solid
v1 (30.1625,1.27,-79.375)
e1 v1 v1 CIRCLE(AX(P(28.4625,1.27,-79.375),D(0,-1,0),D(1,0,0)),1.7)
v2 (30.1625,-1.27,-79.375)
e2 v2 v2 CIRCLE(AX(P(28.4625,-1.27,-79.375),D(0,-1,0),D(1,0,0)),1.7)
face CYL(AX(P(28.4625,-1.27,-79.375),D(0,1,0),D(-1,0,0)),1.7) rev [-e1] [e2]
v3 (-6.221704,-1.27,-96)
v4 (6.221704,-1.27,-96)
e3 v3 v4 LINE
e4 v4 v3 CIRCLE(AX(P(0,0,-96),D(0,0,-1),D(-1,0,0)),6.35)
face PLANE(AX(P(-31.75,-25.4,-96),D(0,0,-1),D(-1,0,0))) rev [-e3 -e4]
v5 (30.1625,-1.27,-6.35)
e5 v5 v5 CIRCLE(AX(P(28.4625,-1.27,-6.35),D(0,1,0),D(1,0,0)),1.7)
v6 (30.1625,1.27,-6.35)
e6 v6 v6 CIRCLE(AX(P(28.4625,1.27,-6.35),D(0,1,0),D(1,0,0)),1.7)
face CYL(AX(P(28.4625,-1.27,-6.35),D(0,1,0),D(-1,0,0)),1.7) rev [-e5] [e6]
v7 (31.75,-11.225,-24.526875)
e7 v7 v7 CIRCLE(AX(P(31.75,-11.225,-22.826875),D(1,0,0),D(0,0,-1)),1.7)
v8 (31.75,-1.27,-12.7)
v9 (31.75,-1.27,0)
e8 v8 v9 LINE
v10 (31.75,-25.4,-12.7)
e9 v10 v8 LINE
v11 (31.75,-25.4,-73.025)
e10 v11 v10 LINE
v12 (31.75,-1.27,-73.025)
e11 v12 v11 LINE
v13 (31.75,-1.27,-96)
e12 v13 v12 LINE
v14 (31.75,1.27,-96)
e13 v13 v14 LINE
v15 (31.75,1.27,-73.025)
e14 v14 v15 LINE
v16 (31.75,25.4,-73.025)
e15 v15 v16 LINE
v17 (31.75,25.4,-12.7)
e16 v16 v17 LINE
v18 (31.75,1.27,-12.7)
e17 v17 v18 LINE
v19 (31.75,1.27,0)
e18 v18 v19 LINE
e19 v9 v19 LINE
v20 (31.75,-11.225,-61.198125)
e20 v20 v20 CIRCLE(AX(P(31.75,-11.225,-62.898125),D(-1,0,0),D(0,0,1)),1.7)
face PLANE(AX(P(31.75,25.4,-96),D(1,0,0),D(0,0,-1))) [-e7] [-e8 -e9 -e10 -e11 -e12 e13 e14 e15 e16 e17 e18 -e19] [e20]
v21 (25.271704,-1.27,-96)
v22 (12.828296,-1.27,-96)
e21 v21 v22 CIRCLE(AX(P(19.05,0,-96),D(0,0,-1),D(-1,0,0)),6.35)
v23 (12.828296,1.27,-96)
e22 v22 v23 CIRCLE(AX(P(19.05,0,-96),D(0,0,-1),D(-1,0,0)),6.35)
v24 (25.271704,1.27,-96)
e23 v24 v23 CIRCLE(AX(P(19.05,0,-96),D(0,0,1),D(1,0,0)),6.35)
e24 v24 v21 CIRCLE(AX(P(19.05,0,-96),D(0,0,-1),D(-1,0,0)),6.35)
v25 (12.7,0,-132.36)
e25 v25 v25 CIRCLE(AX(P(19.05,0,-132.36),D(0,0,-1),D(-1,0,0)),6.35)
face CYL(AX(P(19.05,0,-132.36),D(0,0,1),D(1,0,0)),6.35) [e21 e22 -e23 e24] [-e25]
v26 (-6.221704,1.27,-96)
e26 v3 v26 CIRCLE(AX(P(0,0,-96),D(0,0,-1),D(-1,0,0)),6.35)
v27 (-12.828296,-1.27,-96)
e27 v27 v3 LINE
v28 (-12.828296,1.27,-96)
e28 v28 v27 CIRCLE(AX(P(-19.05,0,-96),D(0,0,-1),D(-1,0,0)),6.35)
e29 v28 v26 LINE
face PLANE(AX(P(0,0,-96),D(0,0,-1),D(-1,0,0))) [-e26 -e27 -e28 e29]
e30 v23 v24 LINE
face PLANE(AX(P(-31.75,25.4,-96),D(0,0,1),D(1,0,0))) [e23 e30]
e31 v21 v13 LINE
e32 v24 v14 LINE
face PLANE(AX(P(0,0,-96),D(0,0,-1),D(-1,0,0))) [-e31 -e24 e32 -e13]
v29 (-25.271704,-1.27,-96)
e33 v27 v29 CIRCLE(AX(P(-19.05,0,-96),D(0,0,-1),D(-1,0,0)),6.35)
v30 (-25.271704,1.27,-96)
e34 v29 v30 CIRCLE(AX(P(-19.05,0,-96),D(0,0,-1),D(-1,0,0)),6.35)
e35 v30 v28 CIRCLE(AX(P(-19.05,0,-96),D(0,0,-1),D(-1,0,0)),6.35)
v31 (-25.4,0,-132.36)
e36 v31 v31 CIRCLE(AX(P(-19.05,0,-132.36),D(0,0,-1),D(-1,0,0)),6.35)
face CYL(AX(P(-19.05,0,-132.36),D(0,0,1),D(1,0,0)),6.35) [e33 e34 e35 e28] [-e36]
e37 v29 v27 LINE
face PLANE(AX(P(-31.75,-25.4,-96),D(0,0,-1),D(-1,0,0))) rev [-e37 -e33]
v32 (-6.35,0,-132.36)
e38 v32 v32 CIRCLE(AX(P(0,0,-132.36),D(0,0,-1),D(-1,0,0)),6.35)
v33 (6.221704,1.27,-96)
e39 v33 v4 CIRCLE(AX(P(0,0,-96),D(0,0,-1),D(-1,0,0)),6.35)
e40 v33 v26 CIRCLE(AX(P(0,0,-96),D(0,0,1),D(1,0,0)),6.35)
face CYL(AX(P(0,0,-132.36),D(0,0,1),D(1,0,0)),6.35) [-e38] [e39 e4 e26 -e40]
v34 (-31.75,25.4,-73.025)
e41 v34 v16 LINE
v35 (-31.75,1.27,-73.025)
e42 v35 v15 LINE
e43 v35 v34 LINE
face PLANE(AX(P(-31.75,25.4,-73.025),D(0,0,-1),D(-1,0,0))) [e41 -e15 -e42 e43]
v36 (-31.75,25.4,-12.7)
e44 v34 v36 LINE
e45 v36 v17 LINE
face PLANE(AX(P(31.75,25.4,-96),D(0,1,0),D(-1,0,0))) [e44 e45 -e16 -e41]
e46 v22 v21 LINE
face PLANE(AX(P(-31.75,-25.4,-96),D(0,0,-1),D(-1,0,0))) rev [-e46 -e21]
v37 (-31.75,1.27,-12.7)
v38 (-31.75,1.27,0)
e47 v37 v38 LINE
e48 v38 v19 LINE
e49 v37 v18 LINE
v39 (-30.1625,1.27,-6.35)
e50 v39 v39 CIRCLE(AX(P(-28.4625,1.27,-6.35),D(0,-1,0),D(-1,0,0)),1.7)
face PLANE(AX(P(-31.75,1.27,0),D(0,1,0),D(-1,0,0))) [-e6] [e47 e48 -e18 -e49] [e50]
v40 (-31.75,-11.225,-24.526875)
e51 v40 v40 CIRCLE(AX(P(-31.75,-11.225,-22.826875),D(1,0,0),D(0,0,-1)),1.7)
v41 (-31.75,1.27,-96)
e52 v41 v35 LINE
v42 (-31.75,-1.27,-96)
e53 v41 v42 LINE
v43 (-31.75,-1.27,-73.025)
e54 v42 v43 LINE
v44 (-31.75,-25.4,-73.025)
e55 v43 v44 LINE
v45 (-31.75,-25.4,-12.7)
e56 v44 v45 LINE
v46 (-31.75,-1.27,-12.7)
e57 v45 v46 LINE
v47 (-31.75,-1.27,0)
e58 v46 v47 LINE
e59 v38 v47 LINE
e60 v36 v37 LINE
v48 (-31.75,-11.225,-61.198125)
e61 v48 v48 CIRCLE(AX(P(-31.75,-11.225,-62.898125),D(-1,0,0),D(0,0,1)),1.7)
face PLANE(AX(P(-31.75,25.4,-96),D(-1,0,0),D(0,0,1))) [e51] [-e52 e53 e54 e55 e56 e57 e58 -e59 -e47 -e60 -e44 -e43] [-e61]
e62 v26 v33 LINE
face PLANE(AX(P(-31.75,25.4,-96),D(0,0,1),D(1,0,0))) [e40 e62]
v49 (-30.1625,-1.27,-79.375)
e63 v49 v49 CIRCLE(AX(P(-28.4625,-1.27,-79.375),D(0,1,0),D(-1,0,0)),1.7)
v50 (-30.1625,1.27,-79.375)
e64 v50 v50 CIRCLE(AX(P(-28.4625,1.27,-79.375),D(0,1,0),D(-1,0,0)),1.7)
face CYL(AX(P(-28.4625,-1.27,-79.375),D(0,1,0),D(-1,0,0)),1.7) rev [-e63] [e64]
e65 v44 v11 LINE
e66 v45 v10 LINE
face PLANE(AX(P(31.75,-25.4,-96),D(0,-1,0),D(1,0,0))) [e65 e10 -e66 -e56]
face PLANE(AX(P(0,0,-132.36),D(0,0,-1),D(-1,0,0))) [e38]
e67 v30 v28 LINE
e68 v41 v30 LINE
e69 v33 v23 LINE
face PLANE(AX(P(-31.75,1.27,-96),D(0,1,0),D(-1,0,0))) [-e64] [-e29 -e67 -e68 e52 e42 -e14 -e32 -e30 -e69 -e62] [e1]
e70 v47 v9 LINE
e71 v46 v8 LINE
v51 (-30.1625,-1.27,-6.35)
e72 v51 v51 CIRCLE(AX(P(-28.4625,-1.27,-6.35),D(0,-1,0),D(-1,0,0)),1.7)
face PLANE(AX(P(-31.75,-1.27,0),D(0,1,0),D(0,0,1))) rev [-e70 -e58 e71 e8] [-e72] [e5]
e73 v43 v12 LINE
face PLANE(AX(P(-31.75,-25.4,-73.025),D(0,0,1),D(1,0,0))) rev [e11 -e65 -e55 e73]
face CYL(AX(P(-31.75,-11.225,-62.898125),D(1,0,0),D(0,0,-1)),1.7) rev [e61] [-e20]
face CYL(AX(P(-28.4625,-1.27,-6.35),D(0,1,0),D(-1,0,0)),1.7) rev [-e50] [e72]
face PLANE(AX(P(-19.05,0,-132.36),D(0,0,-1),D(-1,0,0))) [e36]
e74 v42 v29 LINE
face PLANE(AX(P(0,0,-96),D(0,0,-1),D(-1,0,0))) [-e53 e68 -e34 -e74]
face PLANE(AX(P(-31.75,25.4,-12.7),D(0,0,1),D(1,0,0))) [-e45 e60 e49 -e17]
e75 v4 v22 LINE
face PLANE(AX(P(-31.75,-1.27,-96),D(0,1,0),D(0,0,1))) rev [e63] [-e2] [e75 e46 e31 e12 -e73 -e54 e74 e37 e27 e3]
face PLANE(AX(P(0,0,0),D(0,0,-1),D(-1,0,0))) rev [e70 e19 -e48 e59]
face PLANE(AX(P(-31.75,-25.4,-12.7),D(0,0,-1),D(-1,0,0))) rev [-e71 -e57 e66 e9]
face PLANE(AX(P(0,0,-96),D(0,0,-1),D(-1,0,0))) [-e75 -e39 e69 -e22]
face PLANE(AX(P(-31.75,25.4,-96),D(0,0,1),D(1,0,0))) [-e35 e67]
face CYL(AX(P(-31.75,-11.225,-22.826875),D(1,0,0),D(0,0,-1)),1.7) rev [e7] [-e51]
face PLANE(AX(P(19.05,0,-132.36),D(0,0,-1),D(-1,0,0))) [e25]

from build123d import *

# Parameters (mm, degrees)
SKETCH1_W               = 63.5
SKETCH1_H               = 50.8
BOSS_EXTRUDE1_DEPTH     = 96
SKETCH2_R               = 6.35
BOSS_EXTRUDE5_DEPTH     = 36.36
SKETCH3_W               = 12.7
SKETCH3_H               = 24.13
SKETCH3_W_2             = 22.975
CUT_EXTRUDE1_DEPTH      = 64.5
SKETCH4_R               = 1.7
CUT_EXTRUDE2_DEPTH      = 2.54
MIRROR3_COPY_1_SKETCH_R = 1.7
MIRROR3_COPY_1_DEPTH    = 2.54
SKETCH5_R               = 1.7
CUT_EXTRUDE3_DEPTH      = 64.5


with BuildPart() as part:
    # Sketch1 → Boss-Extrude1 (new body)
    with BuildSketch(Plane.XY):
        Rectangle(SKETCH1_W, SKETCH1_H)
    extrude(amount=-BOSS_EXTRUDE1_DEPTH)

    # Sketch2 → Boss-Extrude5 (add)
    with BuildSketch(Plane(origin=(0, 0, -96), x_dir=(-1, 0, 0), z_dir=(0, 0, -1))):
        Circle(SKETCH2_R)
        with Locations((-19.05, 0)):
            Circle(SKETCH2_R)
        with Locations((19.05, 0)):
            Circle(SKETCH2_R)
    extrude(amount=BOSS_EXTRUDE5_DEPTH)

    # Sketch3 → Cut-Extrude1 (cut, through all)
    with BuildSketch(Plane(origin=(31.75, 0, 0), x_dir=(0, 0, -1), z_dir=(1, 0, 0))):
        with Locations((6.35, -13.335)):
            Rectangle(SKETCH3_W, SKETCH3_H)
        with Locations((84.5125, -13.335)):
            Rectangle(SKETCH3_W_2, SKETCH3_H)
    cut_extrude1 = extrude(amount=-CUT_EXTRUDE1_DEPTH, mode=Mode.SUBTRACT)

    # Mirror1: Cut-Extrude1 across plane
    add(cut_extrude1.mirror(Plane.ZX), mode=Mode.SUBTRACT)

    # Sketch4 → Cut-Extrude2 (cut)
    with BuildSketch(Plane(origin=(0, 1.27, 0), x_dir=(1, 0, 0), z_dir=(0, 1, 0))):
        with Locations((-28.4625, 79.375)):
            Circle(SKETCH4_R)
    cut_extrude2 = extrude(amount=-CUT_EXTRUDE2_DEPTH, mode=Mode.SUBTRACT)

    # Mirror2: Cut-Extrude2 across plane
    add(cut_extrude2.mirror(Plane(origin=(0, 0, 0), x_dir=(0, 0, 1), z_dir=(1, 0, 0))), mode=Mode.SUBTRACT)

    # Mirror3: Cut-Extrude2 across plane
    add(cut_extrude2.mirror(Plane(origin=(0, 0, -42.8625), x_dir=(1, 0, 0), z_dir=(0, 0, -1))), mode=Mode.SUBTRACT)

    # Mirror3 copy 1 sketch → Mirror3 copy 1 (cut)
    with BuildSketch(Plane(origin=(0, 1.27, -85.725), x_dir=(-1, 0, 0), z_dir=(0, 1, 0))):
        with Locations((-28.4625, 79.375)):
            Circle(MIRROR3_COPY_1_SKETCH_R)
    extrude(amount=-MIRROR3_COPY_1_DEPTH, mode=Mode.SUBTRACT)

    # Sketch5 → Cut-Extrude3 (cut, through all)
    with BuildSketch(Plane(origin=(31.75, 0, 0), x_dir=(0, 0, -1), z_dir=(1, 0, 0))):
        with Locations((22.826875, -11.225)):
            Circle(SKETCH5_R)
    cut_extrude3 = extrude(amount=-CUT_EXTRUDE3_DEPTH, mode=Mode.SUBTRACT)

    # Mirror4: Cut-Extrude3 across plane
    add(cut_extrude3.mirror(Plane(origin=(0, 0, -42.8625), x_dir=(1, 0, 0), z_dir=(0, 0, -1))), mode=Mode.SUBTRACT)


solid = part.part
